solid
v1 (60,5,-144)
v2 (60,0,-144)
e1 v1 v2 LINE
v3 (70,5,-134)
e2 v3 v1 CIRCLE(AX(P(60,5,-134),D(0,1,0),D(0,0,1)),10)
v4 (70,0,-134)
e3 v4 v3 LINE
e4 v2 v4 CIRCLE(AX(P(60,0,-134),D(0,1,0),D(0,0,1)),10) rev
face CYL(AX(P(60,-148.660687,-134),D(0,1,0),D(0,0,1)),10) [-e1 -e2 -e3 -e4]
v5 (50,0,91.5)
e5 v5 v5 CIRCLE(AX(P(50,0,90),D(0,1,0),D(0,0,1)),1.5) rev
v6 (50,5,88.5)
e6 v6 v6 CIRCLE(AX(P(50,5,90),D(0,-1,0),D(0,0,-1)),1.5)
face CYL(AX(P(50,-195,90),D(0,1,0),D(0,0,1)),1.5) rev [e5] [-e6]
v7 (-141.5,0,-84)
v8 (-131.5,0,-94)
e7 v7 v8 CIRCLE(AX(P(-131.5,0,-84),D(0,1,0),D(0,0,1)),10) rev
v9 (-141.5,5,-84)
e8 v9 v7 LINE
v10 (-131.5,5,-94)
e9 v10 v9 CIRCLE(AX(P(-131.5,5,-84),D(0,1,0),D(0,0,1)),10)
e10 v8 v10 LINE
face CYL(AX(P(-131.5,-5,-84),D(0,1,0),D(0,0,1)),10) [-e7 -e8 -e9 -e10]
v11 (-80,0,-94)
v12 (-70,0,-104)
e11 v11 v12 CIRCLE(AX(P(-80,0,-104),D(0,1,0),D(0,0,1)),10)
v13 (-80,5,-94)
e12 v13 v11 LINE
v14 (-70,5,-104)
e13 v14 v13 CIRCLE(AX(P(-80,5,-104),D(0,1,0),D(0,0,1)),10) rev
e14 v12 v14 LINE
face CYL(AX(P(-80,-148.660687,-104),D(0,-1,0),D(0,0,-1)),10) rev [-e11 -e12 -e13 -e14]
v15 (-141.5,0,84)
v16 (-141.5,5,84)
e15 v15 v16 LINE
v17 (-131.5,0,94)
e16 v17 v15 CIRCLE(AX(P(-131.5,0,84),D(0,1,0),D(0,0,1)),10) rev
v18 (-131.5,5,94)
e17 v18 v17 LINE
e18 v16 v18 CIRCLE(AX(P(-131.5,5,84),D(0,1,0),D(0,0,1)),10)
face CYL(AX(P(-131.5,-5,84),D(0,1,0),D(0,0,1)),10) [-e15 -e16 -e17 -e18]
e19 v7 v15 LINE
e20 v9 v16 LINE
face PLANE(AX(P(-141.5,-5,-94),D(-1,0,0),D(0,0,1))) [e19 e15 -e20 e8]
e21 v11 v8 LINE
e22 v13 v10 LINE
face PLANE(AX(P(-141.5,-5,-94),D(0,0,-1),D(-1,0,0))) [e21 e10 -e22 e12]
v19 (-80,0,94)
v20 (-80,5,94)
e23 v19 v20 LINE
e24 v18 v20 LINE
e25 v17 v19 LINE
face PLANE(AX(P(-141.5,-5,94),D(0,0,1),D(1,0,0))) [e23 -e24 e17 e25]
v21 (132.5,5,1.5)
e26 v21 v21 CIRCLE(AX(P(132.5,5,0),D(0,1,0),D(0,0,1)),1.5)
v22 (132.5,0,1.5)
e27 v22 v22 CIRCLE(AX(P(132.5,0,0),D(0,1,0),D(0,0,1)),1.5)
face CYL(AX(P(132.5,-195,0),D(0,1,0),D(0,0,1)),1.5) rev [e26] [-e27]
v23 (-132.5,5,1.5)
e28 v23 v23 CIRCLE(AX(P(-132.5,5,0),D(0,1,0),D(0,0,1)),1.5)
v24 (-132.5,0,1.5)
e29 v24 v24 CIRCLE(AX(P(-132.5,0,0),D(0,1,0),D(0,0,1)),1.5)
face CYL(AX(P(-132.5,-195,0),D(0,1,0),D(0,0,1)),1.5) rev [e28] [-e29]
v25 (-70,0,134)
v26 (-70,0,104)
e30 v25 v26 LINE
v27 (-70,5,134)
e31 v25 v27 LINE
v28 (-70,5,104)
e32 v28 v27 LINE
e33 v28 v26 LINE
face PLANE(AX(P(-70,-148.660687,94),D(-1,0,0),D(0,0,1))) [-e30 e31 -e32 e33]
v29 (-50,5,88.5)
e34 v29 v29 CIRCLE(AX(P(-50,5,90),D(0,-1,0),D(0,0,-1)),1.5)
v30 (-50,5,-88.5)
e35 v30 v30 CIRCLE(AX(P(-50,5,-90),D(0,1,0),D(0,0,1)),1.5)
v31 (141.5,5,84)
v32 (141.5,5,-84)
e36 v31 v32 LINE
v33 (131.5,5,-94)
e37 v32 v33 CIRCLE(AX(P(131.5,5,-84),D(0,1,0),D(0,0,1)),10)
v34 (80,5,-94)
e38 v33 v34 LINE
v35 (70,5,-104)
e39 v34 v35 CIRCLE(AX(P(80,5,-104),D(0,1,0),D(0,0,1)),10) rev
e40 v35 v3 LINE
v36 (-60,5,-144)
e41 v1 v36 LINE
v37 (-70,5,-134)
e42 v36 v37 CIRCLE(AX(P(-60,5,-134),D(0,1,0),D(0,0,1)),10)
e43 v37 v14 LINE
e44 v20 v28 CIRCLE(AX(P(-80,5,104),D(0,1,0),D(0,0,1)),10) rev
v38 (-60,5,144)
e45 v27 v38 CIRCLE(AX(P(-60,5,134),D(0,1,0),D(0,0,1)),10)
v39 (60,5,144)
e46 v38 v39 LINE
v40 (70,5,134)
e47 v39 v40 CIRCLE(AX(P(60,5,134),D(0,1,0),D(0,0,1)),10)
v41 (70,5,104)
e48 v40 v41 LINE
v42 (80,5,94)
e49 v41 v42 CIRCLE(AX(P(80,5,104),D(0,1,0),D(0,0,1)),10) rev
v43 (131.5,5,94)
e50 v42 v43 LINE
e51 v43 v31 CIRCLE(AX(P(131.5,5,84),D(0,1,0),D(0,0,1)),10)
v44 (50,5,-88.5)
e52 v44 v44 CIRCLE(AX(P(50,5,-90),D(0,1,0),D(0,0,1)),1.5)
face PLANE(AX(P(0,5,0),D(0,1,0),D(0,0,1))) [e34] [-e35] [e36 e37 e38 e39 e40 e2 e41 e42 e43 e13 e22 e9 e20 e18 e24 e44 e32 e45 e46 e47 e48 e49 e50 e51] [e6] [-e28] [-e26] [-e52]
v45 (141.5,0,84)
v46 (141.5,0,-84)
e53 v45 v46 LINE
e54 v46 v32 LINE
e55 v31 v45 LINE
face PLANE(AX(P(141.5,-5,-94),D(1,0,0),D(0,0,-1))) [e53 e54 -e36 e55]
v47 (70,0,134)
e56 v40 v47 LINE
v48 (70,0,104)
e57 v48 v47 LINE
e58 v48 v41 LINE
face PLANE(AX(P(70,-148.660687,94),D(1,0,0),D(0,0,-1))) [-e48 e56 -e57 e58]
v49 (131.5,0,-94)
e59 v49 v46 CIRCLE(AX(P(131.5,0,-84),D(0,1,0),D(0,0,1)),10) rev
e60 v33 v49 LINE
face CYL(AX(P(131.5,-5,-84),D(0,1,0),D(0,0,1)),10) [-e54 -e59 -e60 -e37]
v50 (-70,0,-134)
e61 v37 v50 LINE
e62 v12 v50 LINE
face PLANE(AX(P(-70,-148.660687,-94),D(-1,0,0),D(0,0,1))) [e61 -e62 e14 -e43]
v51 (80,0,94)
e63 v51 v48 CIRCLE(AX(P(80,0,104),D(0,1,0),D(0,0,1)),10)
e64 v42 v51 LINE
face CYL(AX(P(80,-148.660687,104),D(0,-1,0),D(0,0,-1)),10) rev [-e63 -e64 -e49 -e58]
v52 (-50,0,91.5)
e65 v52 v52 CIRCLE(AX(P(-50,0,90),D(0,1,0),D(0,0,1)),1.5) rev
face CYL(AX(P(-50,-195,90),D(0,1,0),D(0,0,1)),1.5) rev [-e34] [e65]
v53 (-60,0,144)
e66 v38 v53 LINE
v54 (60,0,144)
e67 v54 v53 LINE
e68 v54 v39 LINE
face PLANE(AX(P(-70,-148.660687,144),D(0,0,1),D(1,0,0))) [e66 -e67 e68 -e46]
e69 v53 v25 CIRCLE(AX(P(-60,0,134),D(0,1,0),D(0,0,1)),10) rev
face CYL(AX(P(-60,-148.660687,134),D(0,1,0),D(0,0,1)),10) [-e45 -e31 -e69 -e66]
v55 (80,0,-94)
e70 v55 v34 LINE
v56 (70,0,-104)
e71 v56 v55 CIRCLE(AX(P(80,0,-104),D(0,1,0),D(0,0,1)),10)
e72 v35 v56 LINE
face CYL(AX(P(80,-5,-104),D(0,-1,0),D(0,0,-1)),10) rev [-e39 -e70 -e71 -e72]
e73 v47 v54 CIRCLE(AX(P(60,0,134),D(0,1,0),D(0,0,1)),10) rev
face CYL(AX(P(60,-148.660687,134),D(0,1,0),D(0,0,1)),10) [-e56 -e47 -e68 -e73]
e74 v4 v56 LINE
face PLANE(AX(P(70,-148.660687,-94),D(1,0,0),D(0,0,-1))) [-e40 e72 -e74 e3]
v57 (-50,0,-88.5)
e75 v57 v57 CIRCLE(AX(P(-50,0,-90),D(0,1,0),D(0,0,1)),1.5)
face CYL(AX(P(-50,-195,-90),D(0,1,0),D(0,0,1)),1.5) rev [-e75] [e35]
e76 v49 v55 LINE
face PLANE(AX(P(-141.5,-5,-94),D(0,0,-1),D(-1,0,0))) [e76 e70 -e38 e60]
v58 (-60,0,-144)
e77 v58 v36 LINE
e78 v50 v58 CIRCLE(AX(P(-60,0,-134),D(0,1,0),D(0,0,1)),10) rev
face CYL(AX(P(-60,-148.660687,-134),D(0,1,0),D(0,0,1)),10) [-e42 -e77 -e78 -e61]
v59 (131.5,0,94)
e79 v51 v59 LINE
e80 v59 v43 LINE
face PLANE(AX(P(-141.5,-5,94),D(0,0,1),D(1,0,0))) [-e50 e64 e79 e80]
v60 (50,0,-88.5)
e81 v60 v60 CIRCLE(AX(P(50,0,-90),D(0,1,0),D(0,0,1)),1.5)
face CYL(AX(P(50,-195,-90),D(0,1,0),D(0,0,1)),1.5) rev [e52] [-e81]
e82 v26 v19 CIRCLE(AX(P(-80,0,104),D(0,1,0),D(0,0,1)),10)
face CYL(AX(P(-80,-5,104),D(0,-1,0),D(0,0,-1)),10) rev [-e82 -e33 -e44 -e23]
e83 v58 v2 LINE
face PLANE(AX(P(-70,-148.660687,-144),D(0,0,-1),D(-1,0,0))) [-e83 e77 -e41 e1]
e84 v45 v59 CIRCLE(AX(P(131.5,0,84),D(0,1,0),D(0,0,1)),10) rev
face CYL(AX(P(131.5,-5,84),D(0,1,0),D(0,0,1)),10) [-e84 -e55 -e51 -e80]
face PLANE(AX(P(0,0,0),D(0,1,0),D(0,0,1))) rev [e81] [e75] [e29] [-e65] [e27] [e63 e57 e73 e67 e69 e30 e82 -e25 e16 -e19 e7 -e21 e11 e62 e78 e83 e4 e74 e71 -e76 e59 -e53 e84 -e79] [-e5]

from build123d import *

# Parameters (mm, degrees)
SKETCH_1_W           = 300
SKETCH_1_H           = 300
EXTRUDE_1_DEPTH      = 5
CUT_EXTRUDE_3_DEPTH  = 10
CUT_EXTRUDE_5_DEPTH  = 10
SKETCH_7_OUTSIDE_W   = 373.028
SKETCH_7_OUTSIDE_H   = 263.028
SKETCH_7_OUTSIDE_W_2 = 283
SKETCH_7_OUTSIDE_H_2 = 188
CUT_EXTRUDE_6_DEPTH  = 10
FILLET_1_R           = 10
SKETCH_8_R           = 1.5
CUT_EXTRUDE_7_DEPTH  = 200
SKETCH_9_R           = 1.5
CUT_EXTRUDE_8_DEPTH  = 200
SKETCH_10_W          = 140
SKETCH_10_H          = 50
EXTRUDE_2_DEPTH      = 5
FILLET_2_R           = 10


with BuildPart() as part:
    # 草图1 → 凸台-拉伸1 (new body)
    with BuildSketch(Plane(origin=(0, 0, 0), x_dir=(1, 0, 0), z_dir=(0, 1, 0))):
        Rectangle(SKETCH_1_W, SKETCH_1_H)
    extrude(amount=EXTRUDE_1_DEPTH)

    # 草图4 → 切除-拉伸3 (cut)
    with BuildSketch(Plane(origin=(0, 5, 0), x_dir=(1, 0, 0), z_dir=(0, 1, 0))):
        Polygon((-88.251311829, 95), (84.324863402, 95), (73.252498177, 170.696662895), (-48.543519298, 170.696662895), align=None)
        Polygon((-81.835862219, -95), (-68.397415564, -170.764406983), (34.942066678, -175.273207327), (78.78868079, -129.283443823), (78.78868079, -95), align=None)
    extrude(amount=-CUT_EXTRUDE_3_DEPTH, mode=Mode.SUBTRACT)

    # 草图6 → 切除-拉伸5 (cut)
    with BuildSketch(Plane(origin=(0, 5, 0), x_dir=(1, 0, 0), z_dir=(0, 1, 0))):
        Polygon((-88.251311829, 95), (233.509150227, 95), (223.865704495, 204.923221807), (-177.714928491, 215.944302643), (-226.620974704, 137.419101682), (-226.620974704, 114.688122456), (-226.620974704, 95), align=None)
        Polygon((-81.835862219, -95), (223.865704495, -95), (223.865704495, -205.612039359), (-238.330873093, -205.612039359), (-238.330873093, -95), align=None)
    extrude(amount=-CUT_EXTRUDE_5_DEPTH, mode=Mode.SUBTRACT)

    # 草图7 outside → 切除-拉伸6 (cut)
    with BuildSketch(Plane(origin=(0, 5, 0), x_dir=(1, 0, 0), z_dir=(0, 1, 0))):
        Rectangle(SKETCH_7_OUTSIDE_W, SKETCH_7_OUTSIDE_H)
        Rectangle(SKETCH_7_OUTSIDE_W_2, SKETCH_7_OUTSIDE_H_2, mode=Mode.SUBTRACT)
    extrude(amount=-CUT_EXTRUDE_6_DEPTH, mode=Mode.SUBTRACT)

    # 圆角1
    fillet_1_edges = [part.edges().sort_by_distance(p)[0] for p in [
        (-141.5, 2.5, -94),
        (141.5, 2.5, -94),
        (141.5, 2.5, 94),
        (-141.5, 2.5, 94),
    ]]
    fillet(fillet_1_edges, radius=FILLET_1_R)

    # 草图8 → 切除-拉伸7 (cut)
    with BuildSketch(Plane(origin=(0, 5, 0), x_dir=(1, 0, 0), z_dir=(0, 1, 0))):
        with Locations(Location((-132.5, 0, 0), (0, 0, 270))):
            Circle(SKETCH_8_R)
        with Locations(Location((132.5, 0, 0), (0, 0, 270))):
            Circle(SKETCH_8_R)
    extrude(amount=-CUT_EXTRUDE_7_DEPTH, mode=Mode.SUBTRACT)

    # 草图9 → 切除-拉伸8 (cut)
    with BuildSketch(Plane(origin=(0, 5, 0), x_dir=(1, 0, 0), z_dir=(0, 1, 0))):
        with Locations(Location((-50, 90, 0), (0, 0, 270))):
            Circle(SKETCH_9_R)
        with Locations(Location((50, 90, 0), (0, 0, 270))):
            Circle(SKETCH_9_R)
    cut_extrude_8 = extrude(amount=-CUT_EXTRUDE_8_DEPTH, mode=Mode.SUBTRACT)

    # 镜向1: 切除-拉伸8 across plane
    add(cut_extrude_8.mirror(Plane.XY), mode=Mode.SUBTRACT)

    # 草图10 → 凸台-拉伸2 (add)
    with BuildSketch(Plane(origin=(0, 5, 0), x_dir=(1, 0, 0), z_dir=(0, 1, 0))):
        with Locations((0, -119)):
            Rectangle(SKETCH_10_W, SKETCH_10_H)
        with Locations((0, 119)):
            Rectangle(SKETCH_10_W, SKETCH_10_H)
    extrude(amount=-EXTRUDE_2_DEPTH)

    # 圆角2
    fillet_2_edges = [part.edges().sort_by_distance(p)[0] for p in [
        (-70, 2.5, 144),
        (-70, 2.5, 94),
        (70, 2.5, 94),
        (70, 2.5, 144),
        (70, 2.5, -94),
        (-70, 2.5, -94),
        (-70, 2.5, -144),
        (70, 2.5, -144),
    ]]
    fillet(fillet_2_edges, radius=FILLET_2_R)


solid = part.part
